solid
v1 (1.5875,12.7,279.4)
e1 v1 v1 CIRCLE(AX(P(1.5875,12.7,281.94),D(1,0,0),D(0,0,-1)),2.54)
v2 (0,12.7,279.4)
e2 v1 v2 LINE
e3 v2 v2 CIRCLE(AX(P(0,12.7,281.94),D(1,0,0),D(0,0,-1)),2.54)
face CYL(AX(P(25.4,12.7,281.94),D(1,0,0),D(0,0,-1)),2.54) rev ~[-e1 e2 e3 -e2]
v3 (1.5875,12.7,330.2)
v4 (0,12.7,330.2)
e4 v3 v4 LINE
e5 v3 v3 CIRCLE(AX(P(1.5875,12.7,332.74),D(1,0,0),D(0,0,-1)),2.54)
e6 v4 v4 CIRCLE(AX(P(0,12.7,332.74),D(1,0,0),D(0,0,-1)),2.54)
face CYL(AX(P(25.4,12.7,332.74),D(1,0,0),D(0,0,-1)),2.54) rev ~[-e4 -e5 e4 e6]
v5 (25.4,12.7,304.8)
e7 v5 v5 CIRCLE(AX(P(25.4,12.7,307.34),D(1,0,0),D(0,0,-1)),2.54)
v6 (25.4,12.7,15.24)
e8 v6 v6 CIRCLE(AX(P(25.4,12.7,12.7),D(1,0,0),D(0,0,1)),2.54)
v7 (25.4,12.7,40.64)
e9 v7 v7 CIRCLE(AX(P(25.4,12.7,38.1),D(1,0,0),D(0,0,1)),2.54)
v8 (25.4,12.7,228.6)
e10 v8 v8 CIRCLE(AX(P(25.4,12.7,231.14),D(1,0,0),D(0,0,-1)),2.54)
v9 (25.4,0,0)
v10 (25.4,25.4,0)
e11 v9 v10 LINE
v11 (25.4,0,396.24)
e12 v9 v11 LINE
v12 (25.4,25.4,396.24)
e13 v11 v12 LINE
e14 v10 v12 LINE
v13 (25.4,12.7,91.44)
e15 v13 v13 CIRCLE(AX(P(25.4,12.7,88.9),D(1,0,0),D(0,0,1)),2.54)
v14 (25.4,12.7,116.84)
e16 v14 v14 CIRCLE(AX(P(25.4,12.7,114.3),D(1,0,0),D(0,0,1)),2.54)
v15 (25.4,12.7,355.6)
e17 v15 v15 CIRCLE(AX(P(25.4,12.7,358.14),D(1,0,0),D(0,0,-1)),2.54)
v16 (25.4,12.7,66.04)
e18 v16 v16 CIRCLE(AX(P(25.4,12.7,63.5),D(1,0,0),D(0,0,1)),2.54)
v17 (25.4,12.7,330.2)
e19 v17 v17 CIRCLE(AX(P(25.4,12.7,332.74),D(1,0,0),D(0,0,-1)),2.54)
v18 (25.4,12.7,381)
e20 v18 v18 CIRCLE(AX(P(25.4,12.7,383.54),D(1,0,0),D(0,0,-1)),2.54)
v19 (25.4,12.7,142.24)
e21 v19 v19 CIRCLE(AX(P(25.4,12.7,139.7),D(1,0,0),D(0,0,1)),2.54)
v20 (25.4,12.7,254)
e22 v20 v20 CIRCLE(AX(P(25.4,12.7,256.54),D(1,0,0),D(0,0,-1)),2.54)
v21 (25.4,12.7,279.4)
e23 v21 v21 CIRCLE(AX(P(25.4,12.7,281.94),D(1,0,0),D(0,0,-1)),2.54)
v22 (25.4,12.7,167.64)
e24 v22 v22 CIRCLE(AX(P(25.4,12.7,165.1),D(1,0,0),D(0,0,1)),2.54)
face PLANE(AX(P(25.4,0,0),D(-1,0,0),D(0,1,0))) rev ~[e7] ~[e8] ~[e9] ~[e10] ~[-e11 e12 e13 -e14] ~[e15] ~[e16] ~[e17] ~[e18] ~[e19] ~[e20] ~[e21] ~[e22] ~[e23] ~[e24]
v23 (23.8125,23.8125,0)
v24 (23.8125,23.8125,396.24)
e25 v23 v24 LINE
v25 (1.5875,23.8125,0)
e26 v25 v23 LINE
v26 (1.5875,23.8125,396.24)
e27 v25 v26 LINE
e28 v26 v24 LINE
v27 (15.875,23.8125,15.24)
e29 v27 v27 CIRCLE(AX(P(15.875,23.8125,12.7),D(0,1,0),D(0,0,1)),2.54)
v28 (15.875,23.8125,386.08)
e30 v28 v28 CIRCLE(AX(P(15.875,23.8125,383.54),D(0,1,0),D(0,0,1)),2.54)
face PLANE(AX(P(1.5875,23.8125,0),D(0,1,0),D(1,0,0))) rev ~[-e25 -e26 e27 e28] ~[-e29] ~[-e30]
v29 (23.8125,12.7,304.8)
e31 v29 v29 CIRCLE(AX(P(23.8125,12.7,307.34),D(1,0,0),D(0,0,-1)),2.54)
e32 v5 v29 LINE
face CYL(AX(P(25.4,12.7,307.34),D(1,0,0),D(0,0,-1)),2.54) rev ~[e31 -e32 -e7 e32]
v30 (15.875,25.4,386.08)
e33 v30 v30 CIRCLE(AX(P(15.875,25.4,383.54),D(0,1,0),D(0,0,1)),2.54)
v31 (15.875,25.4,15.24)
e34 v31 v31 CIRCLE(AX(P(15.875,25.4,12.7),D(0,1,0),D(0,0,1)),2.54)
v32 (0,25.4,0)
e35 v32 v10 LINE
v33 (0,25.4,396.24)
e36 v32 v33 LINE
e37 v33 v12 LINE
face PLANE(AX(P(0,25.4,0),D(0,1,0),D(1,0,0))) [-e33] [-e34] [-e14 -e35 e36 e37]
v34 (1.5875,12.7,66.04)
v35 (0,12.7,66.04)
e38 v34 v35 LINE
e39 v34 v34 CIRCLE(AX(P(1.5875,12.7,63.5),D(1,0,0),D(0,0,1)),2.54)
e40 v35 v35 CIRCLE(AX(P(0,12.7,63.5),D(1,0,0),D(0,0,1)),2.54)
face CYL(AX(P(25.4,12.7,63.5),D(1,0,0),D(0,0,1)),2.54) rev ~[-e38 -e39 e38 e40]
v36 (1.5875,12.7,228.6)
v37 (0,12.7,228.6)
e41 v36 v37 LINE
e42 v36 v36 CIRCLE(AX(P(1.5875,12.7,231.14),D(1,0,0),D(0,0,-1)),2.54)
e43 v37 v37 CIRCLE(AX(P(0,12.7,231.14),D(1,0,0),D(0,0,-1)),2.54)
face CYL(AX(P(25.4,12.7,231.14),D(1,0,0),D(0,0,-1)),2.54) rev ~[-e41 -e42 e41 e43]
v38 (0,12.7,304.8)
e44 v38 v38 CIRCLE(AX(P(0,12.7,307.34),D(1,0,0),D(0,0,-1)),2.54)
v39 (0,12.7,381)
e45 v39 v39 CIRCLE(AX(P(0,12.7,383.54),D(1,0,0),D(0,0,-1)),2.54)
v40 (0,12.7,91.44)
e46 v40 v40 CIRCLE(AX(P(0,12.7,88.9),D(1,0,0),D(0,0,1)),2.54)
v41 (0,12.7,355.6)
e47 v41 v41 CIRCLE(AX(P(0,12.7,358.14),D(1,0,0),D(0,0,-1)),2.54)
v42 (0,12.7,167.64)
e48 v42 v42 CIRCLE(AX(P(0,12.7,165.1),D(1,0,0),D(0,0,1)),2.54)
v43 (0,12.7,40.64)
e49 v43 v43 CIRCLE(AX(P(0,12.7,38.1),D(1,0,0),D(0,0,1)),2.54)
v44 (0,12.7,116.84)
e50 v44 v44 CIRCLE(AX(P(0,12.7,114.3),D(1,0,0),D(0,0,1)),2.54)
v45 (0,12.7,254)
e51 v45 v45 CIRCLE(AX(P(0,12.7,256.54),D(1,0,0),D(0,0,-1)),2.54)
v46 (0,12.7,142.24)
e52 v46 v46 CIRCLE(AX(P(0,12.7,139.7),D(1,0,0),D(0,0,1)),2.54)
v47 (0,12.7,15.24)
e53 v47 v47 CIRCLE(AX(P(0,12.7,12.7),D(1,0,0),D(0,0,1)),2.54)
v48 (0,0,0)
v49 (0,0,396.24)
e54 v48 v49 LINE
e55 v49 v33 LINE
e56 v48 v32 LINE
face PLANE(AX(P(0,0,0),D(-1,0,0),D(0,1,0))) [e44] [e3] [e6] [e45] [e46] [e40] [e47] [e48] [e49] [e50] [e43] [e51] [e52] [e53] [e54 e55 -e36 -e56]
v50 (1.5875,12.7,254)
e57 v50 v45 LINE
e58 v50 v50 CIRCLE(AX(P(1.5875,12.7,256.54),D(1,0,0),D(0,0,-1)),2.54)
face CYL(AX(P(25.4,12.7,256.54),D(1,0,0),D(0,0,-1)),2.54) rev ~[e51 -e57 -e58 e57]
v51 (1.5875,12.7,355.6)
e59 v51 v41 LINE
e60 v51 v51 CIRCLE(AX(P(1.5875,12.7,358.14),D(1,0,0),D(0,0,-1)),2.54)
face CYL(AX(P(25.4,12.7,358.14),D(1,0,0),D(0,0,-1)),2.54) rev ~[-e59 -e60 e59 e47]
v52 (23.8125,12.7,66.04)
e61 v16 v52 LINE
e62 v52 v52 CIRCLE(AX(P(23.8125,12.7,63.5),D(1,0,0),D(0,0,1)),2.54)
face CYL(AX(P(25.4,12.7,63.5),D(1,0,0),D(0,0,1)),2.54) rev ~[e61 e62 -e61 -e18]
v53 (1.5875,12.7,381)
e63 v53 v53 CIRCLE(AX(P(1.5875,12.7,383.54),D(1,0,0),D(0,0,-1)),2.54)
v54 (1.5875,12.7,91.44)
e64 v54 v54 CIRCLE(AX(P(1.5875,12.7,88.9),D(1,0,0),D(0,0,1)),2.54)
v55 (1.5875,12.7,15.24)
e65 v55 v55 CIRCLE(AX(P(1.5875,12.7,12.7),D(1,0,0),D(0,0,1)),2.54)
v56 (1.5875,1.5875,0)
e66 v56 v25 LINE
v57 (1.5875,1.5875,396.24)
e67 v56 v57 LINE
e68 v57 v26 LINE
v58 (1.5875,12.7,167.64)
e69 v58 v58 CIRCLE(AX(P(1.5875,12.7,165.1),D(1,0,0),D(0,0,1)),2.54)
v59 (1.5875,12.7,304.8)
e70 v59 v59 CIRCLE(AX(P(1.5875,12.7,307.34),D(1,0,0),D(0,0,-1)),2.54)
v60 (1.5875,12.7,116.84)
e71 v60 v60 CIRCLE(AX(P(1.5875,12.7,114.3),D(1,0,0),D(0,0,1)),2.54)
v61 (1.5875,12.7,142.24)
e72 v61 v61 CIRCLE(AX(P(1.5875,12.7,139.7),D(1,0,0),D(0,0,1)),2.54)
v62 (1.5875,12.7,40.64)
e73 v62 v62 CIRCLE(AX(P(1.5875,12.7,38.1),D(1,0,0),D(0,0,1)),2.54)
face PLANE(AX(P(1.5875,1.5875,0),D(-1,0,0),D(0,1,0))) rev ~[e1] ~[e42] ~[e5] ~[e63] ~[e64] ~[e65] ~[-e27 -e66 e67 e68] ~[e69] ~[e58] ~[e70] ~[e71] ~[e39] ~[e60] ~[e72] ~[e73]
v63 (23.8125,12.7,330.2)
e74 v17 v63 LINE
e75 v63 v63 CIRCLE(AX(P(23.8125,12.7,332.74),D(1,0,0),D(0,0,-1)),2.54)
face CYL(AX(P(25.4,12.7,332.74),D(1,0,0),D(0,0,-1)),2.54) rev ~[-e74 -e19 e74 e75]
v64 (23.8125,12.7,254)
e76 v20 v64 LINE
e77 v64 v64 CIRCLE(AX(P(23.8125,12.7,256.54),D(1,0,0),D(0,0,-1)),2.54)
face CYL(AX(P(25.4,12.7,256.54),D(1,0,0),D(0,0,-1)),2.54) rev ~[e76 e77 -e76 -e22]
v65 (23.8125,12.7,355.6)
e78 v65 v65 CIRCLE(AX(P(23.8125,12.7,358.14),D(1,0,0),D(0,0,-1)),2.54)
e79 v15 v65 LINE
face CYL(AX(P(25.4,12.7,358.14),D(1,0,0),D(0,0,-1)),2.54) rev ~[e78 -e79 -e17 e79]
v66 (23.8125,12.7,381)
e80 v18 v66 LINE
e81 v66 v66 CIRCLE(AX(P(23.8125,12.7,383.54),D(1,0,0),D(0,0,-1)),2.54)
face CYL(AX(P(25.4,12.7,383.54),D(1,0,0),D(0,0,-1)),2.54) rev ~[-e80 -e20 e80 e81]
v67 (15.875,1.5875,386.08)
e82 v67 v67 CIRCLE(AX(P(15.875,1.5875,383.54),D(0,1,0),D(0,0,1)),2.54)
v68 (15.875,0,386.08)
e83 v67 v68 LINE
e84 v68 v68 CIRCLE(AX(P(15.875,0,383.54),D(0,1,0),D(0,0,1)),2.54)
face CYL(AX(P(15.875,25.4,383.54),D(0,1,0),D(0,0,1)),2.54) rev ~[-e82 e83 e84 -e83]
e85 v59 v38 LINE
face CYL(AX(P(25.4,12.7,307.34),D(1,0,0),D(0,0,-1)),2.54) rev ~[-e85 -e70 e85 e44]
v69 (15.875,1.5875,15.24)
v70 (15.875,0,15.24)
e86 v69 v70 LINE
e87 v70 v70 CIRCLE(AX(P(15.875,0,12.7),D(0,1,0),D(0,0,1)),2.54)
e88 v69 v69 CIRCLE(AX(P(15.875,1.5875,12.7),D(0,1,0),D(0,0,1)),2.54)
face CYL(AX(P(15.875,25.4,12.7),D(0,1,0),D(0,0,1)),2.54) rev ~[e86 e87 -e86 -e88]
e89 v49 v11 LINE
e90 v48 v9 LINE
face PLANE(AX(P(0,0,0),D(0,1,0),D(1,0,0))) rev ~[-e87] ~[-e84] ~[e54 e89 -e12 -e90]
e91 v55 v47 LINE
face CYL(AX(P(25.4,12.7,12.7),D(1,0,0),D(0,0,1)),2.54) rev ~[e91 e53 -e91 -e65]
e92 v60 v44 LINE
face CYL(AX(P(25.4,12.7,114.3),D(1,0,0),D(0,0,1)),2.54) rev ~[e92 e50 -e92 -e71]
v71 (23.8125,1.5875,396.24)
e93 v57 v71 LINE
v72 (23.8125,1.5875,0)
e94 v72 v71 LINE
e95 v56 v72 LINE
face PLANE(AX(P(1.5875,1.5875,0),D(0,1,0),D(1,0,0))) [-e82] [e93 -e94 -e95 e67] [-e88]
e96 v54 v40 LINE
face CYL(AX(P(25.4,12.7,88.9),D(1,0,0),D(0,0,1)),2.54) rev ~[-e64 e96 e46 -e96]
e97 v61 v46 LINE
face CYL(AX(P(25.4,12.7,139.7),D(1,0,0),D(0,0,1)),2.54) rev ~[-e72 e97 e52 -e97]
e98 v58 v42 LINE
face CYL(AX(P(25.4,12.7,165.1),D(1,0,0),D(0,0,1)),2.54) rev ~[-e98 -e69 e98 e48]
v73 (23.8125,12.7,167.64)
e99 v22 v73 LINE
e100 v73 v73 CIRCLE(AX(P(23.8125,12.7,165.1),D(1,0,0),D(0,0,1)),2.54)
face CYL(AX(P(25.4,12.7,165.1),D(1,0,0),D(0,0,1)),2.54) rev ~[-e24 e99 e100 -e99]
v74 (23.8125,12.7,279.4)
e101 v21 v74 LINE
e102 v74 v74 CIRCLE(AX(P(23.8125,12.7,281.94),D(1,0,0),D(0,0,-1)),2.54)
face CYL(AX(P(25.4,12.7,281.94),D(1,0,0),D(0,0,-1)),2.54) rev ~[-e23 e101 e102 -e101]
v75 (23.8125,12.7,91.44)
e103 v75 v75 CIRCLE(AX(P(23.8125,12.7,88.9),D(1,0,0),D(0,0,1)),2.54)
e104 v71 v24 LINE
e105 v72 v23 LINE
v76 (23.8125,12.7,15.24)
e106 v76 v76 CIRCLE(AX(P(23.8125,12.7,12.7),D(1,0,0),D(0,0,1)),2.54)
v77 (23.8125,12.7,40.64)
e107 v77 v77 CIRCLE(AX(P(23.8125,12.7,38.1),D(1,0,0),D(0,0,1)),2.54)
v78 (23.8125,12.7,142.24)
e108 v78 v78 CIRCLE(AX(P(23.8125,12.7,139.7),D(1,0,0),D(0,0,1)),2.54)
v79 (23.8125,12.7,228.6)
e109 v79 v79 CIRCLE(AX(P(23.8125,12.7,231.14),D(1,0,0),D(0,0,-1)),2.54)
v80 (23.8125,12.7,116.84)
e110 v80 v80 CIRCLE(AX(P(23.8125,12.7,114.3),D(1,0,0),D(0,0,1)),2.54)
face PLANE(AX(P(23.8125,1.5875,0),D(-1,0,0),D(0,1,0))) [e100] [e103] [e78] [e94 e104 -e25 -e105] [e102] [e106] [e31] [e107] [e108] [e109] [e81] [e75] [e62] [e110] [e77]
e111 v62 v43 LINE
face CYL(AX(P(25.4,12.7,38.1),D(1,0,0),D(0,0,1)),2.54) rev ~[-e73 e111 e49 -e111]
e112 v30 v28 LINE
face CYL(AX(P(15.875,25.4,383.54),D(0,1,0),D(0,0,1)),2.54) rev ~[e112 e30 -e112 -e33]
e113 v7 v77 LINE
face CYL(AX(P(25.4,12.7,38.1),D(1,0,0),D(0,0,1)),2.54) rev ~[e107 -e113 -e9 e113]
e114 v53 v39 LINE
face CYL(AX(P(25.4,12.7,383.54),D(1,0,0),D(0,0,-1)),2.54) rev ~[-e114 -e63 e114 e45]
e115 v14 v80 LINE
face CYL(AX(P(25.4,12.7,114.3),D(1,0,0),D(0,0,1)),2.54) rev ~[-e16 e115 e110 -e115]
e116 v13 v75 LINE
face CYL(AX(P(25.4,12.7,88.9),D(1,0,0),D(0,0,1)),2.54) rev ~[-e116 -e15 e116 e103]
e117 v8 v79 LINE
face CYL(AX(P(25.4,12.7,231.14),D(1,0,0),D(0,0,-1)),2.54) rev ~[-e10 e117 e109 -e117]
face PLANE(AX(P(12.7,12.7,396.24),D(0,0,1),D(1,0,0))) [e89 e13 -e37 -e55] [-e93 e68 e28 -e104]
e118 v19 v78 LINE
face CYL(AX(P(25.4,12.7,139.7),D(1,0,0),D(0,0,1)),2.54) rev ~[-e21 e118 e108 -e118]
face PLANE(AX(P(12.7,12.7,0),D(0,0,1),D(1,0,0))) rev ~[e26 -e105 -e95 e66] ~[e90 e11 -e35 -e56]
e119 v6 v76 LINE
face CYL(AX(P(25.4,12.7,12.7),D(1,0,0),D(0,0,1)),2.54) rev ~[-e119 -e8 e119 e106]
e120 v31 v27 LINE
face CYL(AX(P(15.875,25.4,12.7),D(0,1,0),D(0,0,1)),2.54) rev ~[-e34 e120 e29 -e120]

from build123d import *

# Parameters (mm, degrees)
SKETCH1_W           = 25.4
SKETCH1_H           = 25.4
SKETCH1_W_2         = 22.225
SKETCH1_H_2         = 22.225
BOSS_EXTRUDE1_DEPTH = 396.24
SKETCH3_R           = 2.54
CUT_EXTRUDE2_DEPTH  = 398.864873544
SKETCH4_R           = 2.54
CUT_EXTRUDE3_DEPTH  = 398.864873544


with BuildPart() as part:
    # Sketch1 → Boss-Extrude1 (new body)
    with BuildSketch(Plane.XY):
        with Locations((12.7, 12.7)):
            Rectangle(SKETCH1_W, SKETCH1_H)
        with Locations((12.7, 12.7)):
            Rectangle(SKETCH1_W_2, SKETCH1_H_2, mode=Mode.SUBTRACT)
    extrude(amount=BOSS_EXTRUDE1_DEPTH)

    # Sketch3 → Cut-Extrude2 (cut, through all)
    with BuildSketch(Plane(origin=(0, 25.4, 0), x_dir=(1, 0, 0), z_dir=(0, 1, 0))):
        with Locations(Location((15.875, -383.54, 0), (0, 0, 270))):
            Circle(SKETCH3_R)
        with Locations(Location((15.875, -12.7, 0), (0, 0, 270))):
            Circle(SKETCH3_R)
    extrude(amount=-CUT_EXTRUDE2_DEPTH, mode=Mode.SUBTRACT)

    # Sketch4 → Cut-Extrude3 (cut, through all)
    with BuildSketch(Plane(origin=(25.4, 0, 0), x_dir=(0, 0, -1), z_dir=(1, 0, 0))):
        with Locations((-383.54, 12.7)):
            Circle(SKETCH4_R)
        with Locations((-358.14, 12.7)):
            Circle(SKETCH4_R)
        with Locations((-332.74, 12.7)):
            Circle(SKETCH4_R)
        with Locations((-307.34, 12.7)):
            Circle(SKETCH4_R)
        with Locations((-281.94, 12.7)):
            Circle(SKETCH4_R)
        with Locations((-256.54, 12.7)):
            Circle(SKETCH4_R)
        with Locations((-231.14, 12.7)):
            Circle(SKETCH4_R)
        with Locations(Location((-165.1, 12.7, 0), (0, 0, 180))):
            Circle(SKETCH4_R)
        with Locations(Location((-139.7, 12.7, 0), (0, 0, 180))):
            Circle(SKETCH4_R)
        with Locations(Location((-114.3, 12.7, 0), (0, 0, 180))):
            Circle(SKETCH4_R)
        with Locations(Location((-88.9, 12.7, 0), (0, 0, 180))):
            Circle(SKETCH4_R)
        with Locations(Location((-63.5, 12.7, 0), (0, 0, 180))):
            Circle(SKETCH4_R)
        with Locations(Location((-38.1, 12.7, 0), (0, 0, 180))):
            Circle(SKETCH4_R)
        with Locations(Location((-12.7, 12.7, 0), (0, 0, 180))):
            Circle(SKETCH4_R)
    extrude(amount=-CUT_EXTRUDE3_DEPTH, mode=Mode.SUBTRACT)


solid = part.part
